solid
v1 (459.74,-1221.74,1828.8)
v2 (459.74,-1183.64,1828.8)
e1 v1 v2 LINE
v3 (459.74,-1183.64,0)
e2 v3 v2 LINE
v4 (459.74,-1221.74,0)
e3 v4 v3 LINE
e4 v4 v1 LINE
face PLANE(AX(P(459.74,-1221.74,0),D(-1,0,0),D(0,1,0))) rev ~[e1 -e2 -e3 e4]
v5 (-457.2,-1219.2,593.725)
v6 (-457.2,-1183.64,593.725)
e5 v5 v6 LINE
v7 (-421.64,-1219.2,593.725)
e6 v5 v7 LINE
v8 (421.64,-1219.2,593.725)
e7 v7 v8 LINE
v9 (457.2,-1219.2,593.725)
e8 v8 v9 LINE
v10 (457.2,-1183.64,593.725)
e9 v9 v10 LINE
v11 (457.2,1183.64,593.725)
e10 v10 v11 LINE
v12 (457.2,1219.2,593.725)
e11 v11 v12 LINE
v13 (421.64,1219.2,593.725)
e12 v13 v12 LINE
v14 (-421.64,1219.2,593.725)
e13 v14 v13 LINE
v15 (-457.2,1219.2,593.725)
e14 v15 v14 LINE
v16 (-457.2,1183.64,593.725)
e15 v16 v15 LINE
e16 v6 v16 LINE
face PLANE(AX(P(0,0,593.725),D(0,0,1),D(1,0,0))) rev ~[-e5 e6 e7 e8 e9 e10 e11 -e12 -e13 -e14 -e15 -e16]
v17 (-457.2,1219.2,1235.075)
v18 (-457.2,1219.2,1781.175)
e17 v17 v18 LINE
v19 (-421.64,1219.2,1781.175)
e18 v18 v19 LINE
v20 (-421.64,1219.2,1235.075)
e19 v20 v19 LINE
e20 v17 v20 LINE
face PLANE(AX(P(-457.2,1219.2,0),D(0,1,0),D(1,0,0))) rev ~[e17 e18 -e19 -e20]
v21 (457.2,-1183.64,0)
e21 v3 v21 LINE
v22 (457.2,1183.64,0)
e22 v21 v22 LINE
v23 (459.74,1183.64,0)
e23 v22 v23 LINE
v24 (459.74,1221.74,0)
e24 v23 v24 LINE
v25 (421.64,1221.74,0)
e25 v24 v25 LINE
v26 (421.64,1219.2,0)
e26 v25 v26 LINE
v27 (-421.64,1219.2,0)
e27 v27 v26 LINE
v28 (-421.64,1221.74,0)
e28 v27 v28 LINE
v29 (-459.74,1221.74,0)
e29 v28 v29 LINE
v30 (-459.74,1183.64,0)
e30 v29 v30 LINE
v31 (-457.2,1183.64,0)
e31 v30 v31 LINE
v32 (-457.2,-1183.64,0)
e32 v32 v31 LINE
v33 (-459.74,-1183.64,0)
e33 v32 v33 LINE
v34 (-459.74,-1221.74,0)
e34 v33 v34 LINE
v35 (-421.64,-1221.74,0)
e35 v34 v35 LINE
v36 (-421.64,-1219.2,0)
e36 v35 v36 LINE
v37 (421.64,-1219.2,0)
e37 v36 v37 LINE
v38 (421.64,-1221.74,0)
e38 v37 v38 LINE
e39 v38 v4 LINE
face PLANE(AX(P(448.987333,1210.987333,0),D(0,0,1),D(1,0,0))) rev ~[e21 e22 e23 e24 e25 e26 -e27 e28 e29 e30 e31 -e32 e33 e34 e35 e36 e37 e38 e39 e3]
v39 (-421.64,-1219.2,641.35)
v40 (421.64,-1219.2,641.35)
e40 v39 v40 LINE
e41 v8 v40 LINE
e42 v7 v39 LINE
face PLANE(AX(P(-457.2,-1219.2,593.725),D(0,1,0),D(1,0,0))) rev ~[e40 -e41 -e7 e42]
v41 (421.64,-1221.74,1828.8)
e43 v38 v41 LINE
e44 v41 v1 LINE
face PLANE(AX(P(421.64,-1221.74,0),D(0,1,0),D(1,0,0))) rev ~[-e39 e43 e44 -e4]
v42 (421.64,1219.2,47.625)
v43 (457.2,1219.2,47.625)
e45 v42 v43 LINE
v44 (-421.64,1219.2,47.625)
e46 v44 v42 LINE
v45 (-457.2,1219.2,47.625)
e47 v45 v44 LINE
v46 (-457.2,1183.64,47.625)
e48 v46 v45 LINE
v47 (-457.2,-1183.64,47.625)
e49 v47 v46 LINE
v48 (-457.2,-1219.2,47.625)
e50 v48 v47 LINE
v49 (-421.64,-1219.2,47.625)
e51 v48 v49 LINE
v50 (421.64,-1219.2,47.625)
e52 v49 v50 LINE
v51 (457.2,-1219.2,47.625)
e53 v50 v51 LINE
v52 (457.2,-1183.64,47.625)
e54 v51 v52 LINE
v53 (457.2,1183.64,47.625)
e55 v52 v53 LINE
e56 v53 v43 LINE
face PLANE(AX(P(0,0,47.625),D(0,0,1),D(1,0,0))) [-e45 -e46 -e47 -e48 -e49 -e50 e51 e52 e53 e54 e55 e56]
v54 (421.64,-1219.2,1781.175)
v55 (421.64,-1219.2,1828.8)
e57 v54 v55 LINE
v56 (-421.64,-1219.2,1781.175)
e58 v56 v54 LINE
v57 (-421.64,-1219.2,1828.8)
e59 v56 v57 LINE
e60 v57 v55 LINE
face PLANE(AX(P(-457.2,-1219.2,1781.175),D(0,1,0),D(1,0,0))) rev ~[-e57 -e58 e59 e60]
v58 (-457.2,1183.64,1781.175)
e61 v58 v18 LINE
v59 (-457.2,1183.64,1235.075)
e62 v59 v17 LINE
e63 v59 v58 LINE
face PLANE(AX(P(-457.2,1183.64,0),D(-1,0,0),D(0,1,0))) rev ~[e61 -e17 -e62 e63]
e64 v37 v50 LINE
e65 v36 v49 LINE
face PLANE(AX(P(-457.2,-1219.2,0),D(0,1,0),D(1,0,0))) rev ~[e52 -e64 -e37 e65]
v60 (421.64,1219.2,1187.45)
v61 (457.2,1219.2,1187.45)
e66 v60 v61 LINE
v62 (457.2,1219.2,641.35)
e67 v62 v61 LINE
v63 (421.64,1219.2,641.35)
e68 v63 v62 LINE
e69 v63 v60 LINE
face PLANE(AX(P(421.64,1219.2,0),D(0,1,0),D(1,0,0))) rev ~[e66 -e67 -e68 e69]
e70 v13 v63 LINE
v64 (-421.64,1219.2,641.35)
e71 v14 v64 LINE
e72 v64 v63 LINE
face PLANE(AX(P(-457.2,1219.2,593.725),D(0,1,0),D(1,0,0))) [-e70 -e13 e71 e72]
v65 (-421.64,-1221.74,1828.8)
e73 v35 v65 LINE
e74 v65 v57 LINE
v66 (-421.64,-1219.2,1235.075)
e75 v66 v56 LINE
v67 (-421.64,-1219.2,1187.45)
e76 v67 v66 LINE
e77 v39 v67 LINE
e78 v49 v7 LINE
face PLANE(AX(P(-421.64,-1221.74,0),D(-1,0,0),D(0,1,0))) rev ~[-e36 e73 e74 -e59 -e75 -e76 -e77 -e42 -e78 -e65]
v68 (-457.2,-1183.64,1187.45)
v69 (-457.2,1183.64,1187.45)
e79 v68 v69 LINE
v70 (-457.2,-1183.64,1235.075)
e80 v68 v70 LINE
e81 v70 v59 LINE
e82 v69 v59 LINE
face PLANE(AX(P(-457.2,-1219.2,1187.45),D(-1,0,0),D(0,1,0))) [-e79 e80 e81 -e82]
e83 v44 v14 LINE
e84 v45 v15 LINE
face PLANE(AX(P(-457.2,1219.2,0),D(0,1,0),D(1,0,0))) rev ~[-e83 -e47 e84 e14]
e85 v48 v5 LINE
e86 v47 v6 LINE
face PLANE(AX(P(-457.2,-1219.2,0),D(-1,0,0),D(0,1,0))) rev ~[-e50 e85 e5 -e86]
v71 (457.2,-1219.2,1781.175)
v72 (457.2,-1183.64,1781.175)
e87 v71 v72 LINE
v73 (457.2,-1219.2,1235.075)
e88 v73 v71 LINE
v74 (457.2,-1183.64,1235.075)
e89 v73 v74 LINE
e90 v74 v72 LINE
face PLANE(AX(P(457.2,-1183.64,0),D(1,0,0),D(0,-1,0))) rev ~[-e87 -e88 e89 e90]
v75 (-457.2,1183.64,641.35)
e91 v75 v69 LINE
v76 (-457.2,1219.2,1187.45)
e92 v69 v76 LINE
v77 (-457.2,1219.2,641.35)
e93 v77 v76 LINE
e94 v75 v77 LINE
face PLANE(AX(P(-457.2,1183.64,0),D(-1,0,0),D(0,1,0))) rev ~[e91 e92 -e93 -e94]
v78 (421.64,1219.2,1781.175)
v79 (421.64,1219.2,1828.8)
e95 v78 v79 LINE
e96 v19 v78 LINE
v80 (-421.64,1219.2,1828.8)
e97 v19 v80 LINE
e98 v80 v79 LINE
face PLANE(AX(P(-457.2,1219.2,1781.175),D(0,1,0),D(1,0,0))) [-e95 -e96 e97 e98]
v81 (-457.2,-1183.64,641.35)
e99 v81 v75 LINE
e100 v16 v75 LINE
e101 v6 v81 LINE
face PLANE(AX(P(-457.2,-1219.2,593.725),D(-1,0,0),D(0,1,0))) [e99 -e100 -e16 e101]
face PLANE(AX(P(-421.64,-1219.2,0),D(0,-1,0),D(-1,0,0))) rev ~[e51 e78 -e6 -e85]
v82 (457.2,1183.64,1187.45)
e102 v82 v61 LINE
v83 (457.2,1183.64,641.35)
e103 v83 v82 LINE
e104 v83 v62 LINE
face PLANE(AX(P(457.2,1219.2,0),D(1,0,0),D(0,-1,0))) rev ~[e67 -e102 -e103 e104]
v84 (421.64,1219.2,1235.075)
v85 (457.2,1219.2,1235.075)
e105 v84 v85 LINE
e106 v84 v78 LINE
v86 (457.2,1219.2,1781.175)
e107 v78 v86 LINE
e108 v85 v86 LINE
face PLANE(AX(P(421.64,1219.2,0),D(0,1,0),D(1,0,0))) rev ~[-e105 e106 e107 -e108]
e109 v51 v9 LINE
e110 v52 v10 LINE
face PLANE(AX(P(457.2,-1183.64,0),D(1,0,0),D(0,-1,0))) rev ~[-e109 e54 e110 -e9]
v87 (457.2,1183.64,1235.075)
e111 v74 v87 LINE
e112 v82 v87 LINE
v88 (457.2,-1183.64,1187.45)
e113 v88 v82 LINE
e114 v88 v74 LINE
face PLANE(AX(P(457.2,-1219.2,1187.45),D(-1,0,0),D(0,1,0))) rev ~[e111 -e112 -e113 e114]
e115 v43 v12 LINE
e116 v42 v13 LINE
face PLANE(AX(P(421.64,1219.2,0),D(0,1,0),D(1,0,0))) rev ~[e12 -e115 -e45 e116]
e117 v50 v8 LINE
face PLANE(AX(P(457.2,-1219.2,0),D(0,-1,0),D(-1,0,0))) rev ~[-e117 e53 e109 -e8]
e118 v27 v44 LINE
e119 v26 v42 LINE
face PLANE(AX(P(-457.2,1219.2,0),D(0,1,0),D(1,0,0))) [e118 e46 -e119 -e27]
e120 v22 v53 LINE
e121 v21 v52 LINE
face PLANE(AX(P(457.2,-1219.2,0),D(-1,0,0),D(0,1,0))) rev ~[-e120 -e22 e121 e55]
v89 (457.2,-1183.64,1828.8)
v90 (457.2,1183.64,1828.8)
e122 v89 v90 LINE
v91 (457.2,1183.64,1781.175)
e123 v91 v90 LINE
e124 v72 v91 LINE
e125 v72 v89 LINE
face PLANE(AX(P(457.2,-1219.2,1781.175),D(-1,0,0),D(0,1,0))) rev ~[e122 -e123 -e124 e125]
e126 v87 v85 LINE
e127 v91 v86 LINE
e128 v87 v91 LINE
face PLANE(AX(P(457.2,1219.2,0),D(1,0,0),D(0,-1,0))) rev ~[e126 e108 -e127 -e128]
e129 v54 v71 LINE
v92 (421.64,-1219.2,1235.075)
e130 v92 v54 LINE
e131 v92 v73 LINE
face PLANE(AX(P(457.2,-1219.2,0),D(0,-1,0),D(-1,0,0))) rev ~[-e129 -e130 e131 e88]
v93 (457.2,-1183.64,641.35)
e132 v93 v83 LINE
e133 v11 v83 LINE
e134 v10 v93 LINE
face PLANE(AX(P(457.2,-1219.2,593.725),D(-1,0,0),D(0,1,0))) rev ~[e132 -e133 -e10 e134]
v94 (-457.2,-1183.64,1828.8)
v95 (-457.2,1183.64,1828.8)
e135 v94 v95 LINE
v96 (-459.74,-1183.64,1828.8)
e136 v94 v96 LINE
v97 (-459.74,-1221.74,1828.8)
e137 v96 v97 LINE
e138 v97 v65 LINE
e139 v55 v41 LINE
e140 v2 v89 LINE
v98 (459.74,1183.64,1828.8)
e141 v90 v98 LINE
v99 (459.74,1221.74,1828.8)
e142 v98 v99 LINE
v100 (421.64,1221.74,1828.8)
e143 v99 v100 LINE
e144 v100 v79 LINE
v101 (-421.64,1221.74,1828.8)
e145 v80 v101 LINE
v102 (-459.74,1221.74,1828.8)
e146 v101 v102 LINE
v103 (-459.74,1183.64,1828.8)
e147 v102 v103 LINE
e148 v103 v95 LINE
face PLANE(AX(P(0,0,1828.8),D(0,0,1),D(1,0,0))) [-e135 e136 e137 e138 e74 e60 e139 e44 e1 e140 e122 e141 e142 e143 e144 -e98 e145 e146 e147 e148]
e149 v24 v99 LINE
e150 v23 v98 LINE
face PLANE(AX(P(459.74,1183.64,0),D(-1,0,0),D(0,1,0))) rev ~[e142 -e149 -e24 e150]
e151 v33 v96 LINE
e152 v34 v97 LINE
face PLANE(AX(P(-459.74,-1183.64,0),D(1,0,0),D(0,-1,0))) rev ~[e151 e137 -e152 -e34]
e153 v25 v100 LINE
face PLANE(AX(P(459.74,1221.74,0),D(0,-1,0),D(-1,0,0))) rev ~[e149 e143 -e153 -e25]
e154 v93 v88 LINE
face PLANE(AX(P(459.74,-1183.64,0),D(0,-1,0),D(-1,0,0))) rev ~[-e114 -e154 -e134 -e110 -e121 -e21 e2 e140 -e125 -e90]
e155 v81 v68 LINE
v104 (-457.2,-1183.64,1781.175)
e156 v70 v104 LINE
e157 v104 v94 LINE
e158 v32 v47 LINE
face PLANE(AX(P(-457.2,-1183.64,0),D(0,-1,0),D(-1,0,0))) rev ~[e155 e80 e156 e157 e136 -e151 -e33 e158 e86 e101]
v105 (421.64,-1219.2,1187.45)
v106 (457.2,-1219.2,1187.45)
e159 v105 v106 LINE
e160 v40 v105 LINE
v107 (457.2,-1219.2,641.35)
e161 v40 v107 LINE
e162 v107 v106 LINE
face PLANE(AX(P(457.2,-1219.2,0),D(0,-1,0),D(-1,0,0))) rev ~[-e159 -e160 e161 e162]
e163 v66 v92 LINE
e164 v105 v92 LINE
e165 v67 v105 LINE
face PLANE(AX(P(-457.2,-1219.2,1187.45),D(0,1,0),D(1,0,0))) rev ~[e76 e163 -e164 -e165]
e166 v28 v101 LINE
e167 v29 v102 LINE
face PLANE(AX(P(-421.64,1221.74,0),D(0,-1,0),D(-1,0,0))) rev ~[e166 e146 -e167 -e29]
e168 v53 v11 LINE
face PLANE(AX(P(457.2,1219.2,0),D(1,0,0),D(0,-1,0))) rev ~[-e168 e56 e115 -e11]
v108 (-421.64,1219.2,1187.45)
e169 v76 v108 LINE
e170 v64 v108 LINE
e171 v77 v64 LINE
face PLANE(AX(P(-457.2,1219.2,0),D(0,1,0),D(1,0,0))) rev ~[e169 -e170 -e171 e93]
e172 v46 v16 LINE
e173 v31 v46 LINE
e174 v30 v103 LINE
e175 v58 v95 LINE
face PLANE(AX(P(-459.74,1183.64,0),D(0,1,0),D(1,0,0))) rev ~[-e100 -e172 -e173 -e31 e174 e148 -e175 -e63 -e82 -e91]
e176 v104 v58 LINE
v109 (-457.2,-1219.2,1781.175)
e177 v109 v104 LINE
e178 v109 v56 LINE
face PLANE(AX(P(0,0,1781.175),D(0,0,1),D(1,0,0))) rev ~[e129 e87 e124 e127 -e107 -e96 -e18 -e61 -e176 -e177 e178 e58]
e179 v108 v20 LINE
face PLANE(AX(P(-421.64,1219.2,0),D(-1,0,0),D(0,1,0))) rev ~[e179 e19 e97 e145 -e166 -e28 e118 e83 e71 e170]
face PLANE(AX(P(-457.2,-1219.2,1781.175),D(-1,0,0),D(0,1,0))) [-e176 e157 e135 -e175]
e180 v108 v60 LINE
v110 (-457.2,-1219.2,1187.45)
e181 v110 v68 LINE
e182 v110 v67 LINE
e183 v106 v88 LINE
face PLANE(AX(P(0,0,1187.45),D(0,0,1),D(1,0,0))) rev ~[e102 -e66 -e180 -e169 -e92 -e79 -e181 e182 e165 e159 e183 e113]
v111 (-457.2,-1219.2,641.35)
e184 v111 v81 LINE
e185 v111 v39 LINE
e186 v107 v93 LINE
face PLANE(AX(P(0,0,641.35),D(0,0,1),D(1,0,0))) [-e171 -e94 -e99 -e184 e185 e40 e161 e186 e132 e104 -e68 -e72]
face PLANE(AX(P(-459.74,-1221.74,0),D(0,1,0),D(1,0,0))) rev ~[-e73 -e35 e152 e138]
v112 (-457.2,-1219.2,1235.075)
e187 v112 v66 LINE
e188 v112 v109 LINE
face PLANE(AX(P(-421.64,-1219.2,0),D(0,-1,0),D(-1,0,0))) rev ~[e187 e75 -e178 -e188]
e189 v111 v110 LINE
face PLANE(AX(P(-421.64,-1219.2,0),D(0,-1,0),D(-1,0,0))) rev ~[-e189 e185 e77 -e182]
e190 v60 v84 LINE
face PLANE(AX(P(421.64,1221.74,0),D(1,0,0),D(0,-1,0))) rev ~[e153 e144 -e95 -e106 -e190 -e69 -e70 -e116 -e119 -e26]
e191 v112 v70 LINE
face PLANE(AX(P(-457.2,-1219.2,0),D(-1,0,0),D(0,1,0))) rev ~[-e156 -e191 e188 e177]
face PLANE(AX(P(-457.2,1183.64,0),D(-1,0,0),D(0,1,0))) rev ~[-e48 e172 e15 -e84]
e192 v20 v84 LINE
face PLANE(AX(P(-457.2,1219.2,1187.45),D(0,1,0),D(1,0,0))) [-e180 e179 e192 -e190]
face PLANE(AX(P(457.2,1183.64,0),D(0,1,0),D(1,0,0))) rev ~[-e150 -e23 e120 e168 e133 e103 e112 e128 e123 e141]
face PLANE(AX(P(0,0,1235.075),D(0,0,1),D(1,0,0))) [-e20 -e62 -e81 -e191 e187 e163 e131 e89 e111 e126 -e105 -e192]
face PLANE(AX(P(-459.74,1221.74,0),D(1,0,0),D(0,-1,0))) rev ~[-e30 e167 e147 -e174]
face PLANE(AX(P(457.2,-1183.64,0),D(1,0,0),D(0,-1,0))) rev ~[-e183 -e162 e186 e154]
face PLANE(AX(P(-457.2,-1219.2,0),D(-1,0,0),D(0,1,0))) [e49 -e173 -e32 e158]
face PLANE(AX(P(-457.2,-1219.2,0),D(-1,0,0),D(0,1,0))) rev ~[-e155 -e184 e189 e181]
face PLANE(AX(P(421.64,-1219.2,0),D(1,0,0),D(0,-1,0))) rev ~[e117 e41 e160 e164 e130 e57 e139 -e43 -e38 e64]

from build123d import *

# Parameters (mm, degrees)
F0_W      = 914.4
F0_H      = 2438.4
F1_DEPTH  = 47.625
F3_DEPTH  = 1828.8
F5_W      = 914.4
F5_H      = 2438.4
F6_DEPTH  = 47.625
F8_W      = 914.4
F8_H      = 2438.4
F9_DEPTH  = 47.625
F11_W     = 914.4
F11_H     = 2438.4
F12_DEPTH = 47.625


with BuildPart() as f1:
    # F0 (on Top) → F1 (new body)
    with BuildSketch(Plane.XY):
        Rectangle(F0_W, F0_H)
    extrude(amount=F1_DEPTH)

    # F2 (on Top) → F3 (join)
    with BuildSketch(Plane.XY):
        Polygon((459.74, 1221.74), (421.64, 1221.74), (421.64, 1219.2), (457.2, 1219.2), (457.2, 1183.64), (459.74, 1183.64), align=None)
        Polygon((-421.64, 1221.74), (-459.74, 1221.74), (-459.74, 1183.64), (-457.2, 1183.64), (-457.2, 1219.2), (-421.64, 1219.2), align=None)
        Polygon((421.64, -1219.2), (421.64, -1221.74), (459.74, -1221.74), (459.74, -1183.64), (457.2, -1183.64), (457.2, -1219.2), align=None)
        Polygon((-457.2, -1183.64), (-459.74, -1183.64), (-459.74, -1221.74), (-421.64, -1221.74), (-421.64, -1219.2), (-457.2, -1219.2), align=None)
    extrude(amount=F3_DEPTH)

    # F5 (on offset) → F6 (join)
    with BuildSketch(Plane.XY.offset(593.725)):
        Rectangle(F5_W, F5_H)
    extrude(amount=F6_DEPTH)

    # F8 (on offset) → F9 (join)
    with BuildSketch(Plane.XY.offset(1187.45)):
        Rectangle(F8_W, F8_H)
    extrude(amount=F9_DEPTH)

    # F11 (on offset) → F12 (join)
    with BuildSketch(Plane.XY.offset(1781.175)):
        Rectangle(F11_W, F11_H)
    extrude(amount=F12_DEPTH)


solid = f1.part
